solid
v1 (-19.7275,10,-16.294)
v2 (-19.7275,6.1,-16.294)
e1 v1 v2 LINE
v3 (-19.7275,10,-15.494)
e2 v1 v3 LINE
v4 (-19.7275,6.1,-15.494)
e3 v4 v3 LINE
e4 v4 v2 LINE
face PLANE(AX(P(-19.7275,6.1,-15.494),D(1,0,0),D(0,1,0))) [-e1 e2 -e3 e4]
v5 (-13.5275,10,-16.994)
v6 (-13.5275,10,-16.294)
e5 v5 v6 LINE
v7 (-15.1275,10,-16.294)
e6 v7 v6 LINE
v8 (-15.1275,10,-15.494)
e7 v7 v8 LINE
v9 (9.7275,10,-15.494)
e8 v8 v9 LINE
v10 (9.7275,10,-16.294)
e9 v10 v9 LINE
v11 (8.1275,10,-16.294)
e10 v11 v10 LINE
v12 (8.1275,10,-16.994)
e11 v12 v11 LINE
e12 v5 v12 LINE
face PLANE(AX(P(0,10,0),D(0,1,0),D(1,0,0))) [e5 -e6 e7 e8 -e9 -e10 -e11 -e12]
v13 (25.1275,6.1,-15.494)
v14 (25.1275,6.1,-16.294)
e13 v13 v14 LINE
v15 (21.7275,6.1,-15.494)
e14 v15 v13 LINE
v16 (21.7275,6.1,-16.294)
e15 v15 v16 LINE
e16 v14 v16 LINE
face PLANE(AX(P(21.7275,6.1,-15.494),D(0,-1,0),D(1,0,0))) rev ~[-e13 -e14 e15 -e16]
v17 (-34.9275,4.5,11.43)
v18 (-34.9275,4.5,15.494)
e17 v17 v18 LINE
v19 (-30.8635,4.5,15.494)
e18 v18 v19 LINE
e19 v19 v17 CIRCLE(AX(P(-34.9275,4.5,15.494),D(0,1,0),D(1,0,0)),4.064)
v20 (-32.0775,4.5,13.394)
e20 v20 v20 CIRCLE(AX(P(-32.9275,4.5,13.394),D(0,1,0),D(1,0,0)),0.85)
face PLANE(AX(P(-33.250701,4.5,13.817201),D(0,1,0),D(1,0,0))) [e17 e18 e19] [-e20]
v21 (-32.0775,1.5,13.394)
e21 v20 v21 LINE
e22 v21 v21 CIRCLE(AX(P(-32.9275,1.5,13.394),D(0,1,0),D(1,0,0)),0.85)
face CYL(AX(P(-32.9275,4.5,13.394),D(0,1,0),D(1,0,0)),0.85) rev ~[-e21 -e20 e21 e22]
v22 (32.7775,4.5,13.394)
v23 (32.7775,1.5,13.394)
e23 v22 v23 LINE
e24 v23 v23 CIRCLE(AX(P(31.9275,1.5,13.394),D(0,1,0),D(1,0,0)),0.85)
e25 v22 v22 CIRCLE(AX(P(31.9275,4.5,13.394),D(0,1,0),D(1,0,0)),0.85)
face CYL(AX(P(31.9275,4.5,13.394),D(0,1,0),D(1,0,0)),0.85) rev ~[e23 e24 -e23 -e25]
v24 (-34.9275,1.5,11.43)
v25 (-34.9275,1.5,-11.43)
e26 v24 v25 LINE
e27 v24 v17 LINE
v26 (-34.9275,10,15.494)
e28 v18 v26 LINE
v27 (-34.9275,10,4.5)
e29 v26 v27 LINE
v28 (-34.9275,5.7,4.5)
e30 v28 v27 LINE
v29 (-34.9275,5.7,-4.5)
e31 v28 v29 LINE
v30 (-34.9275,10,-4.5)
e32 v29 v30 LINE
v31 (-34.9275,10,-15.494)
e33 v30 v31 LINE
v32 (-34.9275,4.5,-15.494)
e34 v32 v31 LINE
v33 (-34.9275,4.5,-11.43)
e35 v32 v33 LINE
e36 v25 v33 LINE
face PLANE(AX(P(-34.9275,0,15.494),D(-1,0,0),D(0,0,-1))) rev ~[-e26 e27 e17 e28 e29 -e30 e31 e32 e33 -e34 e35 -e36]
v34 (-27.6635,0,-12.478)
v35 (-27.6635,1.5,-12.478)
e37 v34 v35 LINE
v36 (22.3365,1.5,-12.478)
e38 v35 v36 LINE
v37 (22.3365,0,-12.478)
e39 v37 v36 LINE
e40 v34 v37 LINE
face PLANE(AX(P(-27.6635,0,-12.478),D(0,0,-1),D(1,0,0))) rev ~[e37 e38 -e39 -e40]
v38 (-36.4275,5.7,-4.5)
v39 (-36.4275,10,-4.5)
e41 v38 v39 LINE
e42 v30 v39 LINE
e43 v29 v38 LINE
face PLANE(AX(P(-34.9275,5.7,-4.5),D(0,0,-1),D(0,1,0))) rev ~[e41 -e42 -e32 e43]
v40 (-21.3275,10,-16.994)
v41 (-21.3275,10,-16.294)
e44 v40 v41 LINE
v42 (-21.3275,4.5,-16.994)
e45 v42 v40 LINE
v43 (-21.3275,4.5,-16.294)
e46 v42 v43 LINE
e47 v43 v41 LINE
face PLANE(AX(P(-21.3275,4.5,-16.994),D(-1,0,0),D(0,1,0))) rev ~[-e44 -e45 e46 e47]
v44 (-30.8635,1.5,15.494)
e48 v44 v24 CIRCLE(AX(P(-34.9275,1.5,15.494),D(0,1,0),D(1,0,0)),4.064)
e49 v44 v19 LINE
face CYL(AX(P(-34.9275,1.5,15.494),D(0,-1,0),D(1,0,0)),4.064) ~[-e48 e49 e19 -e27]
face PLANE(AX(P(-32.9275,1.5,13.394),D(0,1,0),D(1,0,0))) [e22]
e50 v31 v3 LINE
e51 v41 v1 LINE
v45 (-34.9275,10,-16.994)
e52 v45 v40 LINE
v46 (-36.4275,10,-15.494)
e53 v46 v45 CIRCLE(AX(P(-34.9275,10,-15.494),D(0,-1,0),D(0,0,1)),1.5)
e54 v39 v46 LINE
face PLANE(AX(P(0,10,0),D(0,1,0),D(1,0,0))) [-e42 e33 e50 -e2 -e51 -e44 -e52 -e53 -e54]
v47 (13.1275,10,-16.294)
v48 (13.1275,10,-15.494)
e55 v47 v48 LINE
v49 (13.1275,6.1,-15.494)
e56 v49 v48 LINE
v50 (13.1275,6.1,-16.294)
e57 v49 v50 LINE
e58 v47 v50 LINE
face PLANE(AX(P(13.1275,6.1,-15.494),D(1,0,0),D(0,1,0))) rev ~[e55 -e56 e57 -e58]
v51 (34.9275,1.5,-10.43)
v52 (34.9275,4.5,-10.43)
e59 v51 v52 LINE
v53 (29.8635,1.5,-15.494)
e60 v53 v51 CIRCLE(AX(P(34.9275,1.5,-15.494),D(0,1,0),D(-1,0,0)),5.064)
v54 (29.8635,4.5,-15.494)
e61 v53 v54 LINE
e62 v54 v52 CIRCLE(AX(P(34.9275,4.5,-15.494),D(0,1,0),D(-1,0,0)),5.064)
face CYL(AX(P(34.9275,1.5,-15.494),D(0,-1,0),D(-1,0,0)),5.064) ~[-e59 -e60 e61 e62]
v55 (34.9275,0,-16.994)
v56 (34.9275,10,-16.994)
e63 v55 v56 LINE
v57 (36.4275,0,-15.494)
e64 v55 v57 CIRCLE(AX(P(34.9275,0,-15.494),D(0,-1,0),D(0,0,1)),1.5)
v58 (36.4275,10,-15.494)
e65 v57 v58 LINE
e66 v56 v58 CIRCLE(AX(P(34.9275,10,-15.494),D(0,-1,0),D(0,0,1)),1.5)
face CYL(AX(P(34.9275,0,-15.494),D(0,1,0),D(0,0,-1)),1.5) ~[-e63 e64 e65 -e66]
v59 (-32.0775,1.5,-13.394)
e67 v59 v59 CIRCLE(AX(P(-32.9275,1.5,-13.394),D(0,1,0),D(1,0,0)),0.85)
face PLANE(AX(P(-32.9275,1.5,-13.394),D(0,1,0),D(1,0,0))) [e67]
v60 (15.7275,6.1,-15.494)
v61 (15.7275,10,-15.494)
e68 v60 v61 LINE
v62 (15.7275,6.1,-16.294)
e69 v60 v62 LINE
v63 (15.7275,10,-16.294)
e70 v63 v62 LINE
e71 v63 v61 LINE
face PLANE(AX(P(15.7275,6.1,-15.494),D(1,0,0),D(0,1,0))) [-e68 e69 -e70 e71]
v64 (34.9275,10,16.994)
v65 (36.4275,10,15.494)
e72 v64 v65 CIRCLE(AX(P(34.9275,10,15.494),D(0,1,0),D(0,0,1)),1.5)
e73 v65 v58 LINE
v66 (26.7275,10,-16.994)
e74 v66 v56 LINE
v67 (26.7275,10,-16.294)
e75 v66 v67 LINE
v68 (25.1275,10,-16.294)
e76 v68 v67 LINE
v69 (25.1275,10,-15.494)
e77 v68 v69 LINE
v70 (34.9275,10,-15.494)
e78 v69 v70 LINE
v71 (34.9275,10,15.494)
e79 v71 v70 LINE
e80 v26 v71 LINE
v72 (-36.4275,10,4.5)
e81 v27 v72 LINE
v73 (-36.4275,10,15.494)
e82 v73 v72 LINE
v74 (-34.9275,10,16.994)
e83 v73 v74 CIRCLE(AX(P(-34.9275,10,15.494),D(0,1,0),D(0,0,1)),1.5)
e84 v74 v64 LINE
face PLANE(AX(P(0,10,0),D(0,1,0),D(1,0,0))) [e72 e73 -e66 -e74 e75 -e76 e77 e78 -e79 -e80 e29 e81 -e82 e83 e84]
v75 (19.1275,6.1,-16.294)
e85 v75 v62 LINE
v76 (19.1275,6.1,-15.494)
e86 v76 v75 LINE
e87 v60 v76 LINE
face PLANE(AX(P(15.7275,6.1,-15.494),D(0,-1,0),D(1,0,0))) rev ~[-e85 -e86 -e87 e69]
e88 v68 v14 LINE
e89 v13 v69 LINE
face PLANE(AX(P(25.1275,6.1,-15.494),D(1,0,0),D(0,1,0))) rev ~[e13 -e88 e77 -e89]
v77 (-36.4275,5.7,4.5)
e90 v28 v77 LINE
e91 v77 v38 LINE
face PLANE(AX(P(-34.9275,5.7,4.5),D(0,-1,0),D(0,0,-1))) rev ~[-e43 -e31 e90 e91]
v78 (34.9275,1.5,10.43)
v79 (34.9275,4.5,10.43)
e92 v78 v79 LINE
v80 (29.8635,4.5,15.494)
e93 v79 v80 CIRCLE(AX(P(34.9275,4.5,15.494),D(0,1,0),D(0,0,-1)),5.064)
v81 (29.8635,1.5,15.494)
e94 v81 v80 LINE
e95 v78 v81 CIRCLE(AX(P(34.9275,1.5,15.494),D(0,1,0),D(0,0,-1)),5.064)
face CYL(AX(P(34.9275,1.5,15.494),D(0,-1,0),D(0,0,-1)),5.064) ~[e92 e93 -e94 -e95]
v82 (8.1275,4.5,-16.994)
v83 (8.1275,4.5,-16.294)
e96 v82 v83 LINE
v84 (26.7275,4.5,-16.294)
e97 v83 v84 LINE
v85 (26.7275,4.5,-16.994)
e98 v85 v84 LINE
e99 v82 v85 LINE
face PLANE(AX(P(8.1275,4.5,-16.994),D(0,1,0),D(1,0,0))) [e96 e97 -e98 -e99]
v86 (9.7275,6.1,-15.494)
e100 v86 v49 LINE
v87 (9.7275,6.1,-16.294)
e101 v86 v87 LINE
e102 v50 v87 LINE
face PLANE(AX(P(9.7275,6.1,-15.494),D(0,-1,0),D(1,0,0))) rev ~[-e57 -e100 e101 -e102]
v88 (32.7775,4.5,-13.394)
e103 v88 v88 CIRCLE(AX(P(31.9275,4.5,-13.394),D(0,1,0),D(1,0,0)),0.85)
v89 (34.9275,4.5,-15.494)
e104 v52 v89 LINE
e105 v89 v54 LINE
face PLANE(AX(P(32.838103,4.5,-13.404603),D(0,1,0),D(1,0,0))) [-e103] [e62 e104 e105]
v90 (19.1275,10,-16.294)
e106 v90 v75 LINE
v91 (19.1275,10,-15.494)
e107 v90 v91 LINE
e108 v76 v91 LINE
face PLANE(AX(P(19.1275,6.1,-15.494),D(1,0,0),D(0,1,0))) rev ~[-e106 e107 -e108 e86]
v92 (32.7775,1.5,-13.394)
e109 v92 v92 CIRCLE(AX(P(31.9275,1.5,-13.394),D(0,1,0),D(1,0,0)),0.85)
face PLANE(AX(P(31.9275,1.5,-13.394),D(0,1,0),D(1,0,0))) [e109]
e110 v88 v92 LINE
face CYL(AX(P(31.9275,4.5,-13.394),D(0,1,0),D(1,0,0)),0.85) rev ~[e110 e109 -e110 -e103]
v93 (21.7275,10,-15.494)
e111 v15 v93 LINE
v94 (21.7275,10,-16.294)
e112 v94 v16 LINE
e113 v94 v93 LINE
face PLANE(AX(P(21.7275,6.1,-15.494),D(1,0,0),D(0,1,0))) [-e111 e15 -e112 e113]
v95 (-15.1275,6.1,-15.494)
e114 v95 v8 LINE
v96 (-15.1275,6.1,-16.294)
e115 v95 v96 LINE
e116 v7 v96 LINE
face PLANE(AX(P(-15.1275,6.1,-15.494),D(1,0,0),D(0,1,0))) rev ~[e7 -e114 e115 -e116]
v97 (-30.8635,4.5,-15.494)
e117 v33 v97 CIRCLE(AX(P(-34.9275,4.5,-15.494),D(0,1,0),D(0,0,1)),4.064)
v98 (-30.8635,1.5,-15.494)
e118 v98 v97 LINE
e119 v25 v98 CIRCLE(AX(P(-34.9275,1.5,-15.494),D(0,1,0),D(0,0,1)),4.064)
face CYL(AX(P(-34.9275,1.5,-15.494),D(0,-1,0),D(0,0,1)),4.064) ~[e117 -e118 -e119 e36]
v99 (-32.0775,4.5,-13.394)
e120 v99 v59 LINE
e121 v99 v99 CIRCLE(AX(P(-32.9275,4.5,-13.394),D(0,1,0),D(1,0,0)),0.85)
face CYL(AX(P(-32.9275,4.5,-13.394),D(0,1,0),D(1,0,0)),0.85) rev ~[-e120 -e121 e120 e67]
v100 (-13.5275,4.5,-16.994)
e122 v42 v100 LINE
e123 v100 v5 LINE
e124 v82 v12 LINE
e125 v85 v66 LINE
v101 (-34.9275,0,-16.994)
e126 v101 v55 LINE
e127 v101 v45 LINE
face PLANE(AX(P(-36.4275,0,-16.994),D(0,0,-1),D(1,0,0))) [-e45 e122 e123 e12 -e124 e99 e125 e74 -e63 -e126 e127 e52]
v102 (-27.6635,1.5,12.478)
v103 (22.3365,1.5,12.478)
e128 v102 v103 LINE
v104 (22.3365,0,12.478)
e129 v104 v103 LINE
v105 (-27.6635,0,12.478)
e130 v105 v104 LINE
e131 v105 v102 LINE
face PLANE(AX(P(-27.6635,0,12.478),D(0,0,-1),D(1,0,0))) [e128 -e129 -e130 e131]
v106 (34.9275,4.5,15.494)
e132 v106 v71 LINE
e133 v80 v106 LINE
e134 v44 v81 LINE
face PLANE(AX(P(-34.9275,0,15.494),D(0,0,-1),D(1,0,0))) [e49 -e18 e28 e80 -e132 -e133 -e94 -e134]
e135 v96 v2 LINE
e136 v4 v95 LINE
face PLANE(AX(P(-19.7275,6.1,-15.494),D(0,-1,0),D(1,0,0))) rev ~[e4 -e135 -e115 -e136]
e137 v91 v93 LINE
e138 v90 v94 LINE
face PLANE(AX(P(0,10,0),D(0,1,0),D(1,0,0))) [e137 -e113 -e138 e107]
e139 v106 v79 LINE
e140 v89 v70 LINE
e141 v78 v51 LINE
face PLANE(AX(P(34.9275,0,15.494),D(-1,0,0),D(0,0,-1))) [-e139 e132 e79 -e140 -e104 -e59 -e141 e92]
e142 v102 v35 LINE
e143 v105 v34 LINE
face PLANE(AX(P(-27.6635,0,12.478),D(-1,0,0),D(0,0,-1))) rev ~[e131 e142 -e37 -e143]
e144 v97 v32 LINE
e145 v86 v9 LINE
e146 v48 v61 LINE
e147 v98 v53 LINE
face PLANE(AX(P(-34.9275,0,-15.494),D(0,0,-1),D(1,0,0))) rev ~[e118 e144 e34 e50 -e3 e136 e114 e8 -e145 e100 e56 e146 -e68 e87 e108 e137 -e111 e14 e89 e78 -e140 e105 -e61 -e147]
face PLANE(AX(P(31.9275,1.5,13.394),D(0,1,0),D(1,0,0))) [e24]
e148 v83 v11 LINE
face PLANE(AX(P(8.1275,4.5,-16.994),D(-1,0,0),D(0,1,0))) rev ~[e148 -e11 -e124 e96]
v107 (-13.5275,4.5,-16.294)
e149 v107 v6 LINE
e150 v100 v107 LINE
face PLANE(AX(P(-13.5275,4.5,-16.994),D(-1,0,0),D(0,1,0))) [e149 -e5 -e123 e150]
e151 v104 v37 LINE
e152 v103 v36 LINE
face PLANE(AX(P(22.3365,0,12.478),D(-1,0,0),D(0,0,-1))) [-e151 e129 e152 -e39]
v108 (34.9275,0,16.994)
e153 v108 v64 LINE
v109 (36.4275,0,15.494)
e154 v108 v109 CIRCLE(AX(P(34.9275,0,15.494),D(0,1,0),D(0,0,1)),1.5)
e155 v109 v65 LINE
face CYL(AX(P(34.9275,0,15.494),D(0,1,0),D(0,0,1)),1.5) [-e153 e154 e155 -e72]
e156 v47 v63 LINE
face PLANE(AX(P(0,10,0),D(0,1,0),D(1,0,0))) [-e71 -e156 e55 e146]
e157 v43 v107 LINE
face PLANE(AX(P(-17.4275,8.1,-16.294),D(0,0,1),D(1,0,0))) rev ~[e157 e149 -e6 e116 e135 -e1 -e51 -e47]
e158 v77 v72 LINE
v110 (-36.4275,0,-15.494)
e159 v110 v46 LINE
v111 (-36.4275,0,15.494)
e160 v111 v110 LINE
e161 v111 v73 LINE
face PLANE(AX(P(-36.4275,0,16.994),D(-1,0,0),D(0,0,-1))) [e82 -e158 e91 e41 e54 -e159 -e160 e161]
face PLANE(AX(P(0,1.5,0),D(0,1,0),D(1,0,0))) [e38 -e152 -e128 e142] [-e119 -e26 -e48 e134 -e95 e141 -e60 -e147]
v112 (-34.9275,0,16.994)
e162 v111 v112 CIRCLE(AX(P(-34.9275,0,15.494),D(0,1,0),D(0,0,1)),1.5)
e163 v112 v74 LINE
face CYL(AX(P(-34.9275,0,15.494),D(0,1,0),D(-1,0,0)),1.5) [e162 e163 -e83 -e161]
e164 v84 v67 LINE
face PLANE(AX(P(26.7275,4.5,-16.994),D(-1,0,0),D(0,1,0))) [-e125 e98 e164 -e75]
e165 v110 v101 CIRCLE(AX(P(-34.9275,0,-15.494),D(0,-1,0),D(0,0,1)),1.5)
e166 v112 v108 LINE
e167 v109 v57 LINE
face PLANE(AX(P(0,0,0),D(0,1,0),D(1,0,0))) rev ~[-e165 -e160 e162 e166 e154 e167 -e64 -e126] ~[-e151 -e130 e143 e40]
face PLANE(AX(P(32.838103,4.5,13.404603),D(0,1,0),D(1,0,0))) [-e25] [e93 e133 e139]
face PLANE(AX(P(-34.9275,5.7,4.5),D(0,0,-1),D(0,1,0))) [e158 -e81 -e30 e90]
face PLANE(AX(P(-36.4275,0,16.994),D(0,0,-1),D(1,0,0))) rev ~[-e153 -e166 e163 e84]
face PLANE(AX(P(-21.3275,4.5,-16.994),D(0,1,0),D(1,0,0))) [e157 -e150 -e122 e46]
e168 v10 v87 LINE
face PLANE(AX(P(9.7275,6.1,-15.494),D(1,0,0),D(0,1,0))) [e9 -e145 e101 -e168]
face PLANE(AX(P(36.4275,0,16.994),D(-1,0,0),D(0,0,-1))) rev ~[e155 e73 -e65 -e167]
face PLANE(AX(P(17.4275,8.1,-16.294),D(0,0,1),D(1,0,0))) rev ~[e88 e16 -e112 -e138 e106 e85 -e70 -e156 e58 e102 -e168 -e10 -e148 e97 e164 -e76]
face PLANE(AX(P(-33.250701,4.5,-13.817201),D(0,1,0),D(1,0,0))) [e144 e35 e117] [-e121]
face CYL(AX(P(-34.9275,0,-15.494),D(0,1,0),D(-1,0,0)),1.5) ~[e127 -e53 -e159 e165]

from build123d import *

# Parameters (mm, degrees)
SKETCH_1_W          = 69.855
SKETCH_1_H          = 30.988
EXTRUDE_1_DEPTH     = 1.5
CUT_EXTRUDE_2_REACH = 3.5
SKETCH_1_6_W        = 50
SKETCH_1_6_H        = 24.956
SKETCH_1_7_W        = 72.855
SKETCH_1_7_H        = 33.988
SKETCH_1_7_W_2      = 69.855
SKETCH_1_7_H_2      = 30.988
EXTRUDE_1_2_DEPTH   = 10
FILLET_1_R          = 1.5
EXTRUDE_2_DEPTH     = 3
CUT_EXTRUDE_3_REACH = 3.5
SKETCH_4_W          = 9
SKETCH_4_H          = 4.3
CUT_EXTRUDE_4_REACH = 3.5
SKETCH_5_W          = 3.4
SKETCH_5_H          = 4
SKETCH_5_W_2        = 4.6
CUT_EXTRUDE_START   = -1.5
SKETCH_5_6_W        = 7.8
SKETCH_5_6_H        = 7.2
SKETCH_5_6_W_2      = 18.6
CUT_EXTRUDE_6_DEPTH = 0.7
SKETCH_3_R          = 0.85
CUT_EXTRUDE_7_DEPTH = 3


with BuildPart() as part:
    # 草图1 → Extrude 1 (new body)
    with BuildSketch(Plane(origin=(0, 0, 0), x_dir=(1, 0, 0), z_dir=(0, 1, 0))):
        Rectangle(SKETCH_1_W, SKETCH_1_H)
    extrude(amount=EXTRUDE_1_DEPTH)

    # 草图1<6> → 切除-拉伸2 (cut, up to next)
    with BuildSketch(Plane(origin=(0, 0, 0), x_dir=(1, 0, 0), z_dir=(0, 1, 0)), mode=Mode.PRIVATE) as cut_extrude_2_sk1:
        with Locations((-2.6635, 0)):
            Rectangle(SKETCH_1_6_W, SKETCH_1_6_H)
    cut_extrude_2_tool1 = extrude(cut_extrude_2_sk1.sketch, amount=CUT_EXTRUDE_2_REACH, mode=Mode.PRIVATE) & part.part
    add(cut_extrude_2_tool1.solids().sort_by_distance((-2.6635, 0, 0))[0], mode=Mode.SUBTRACT)



with BuildPart() as body_2:
    # 草图1<7> → Extrude 1 2 (new body)
    with BuildSketch(Plane(origin=(0, 0, 0), x_dir=(1, 0, 0), z_dir=(0, 1, 0))):
        Rectangle(SKETCH_1_7_W, SKETCH_1_7_H)
        Rectangle(SKETCH_1_7_W_2, SKETCH_1_7_H_2, mode=Mode.SUBTRACT)
    extrude(amount=EXTRUDE_1_2_DEPTH)

    # 圆角1
    fillet_1_edges = [body_2.edges().sort_by_distance(p)[0] for p in [
        (-36.4275, 5, -16.994),
        (-36.4275, 5, 16.994),
        (36.4275, 5, 16.994),
        (36.4275, 5, -16.994),
    ]]
    fillet(fillet_1_edges, radius=FILLET_1_R)


with BuildPart() as part_1:
    add(part.part)

    add(body_2.part)  # 凸台-拉伸2 merges body 2
    # 草图2 → 凸台-拉伸2 (add)
    with BuildSketch(Plane(origin=(0, 1.5, 0), x_dir=(1, 0, 0), z_dir=(0, 1, 0))):
        with BuildLine():
            ThreePointArc((-30.8635, -15.494), (-32.053818041, -12.620318041), (-34.9275, -11.43))
            Line((-34.9275, -11.43), (-34.9275, -15.494))
            Line((-34.9275, -15.494), (-30.8635, -15.494))
        make_face()
        with BuildLine():
            ThreePointArc((-34.9275, 11.43), (-32.053818041, 12.620318041), (-30.8635, 15.494))
            Line((-30.8635, 15.494), (-34.9275, 15.494))
            Line((-34.9275, 15.494), (-34.9275, 11.43))
        make_face()
        with BuildLine():
            Line((34.9275, 15.494), (29.8635, 15.494))
            ThreePointArc((29.8635, 15.494), (31.34671126, 11.91321126), (34.9275, 10.43))
            Line((34.9275, 10.43), (34.9275, 15.494))
        make_face()
        with BuildLine():
            Line((34.9275, -15.494), (34.9275, -10.43))
            ThreePointArc((34.9275, -10.43), (31.34671126, -11.91321126), (29.8635, -15.494))
            Line((29.8635, -15.494), (34.9275, -15.494))
        make_face()
    extrude(amount=EXTRUDE_2_DEPTH)

    # 草图4 → 切除-拉伸3 (cut, up to next)
    with BuildSketch(Plane(origin=(-34.9275, 0, 0), x_dir=(0, 0, -1), z_dir=(1, 0, 0)), mode=Mode.PRIVATE) as cut_extrude_3_sk1:
        with Locations((0, 7.85)):
            Rectangle(SKETCH_4_W, SKETCH_4_H)
    cut_extrude_3_tool1 = extrude(cut_extrude_3_sk1.sketch, amount=-CUT_EXTRUDE_3_REACH, mode=Mode.PRIVATE) & part_1.part
    add(cut_extrude_3_tool1.solids().sort_by_distance((-34.9275, 7.85, 0))[0], mode=Mode.SUBTRACT)

    # 草图5 → 切除-拉伸4 (cut, up to next)
    with BuildSketch(Plane.XY.offset(-15.494), mode=Mode.PRIVATE) as cut_extrude_4_sk1:
        with Locations((11.4275, 8.1)):
            Rectangle(SKETCH_5_W, SKETCH_5_H)
    cut_extrude_4_tool1 = extrude(cut_extrude_4_sk1.sketch, amount=-CUT_EXTRUDE_4_REACH, mode=Mode.PRIVATE) & part_1.part
    add(cut_extrude_4_tool1.solids().sort_by_distance((11.4275, 8.1, -15.494))[0], mode=Mode.SUBTRACT)
    # 草图5 → 切除-拉伸4 (cut, up to next)
    with BuildSketch(Plane.XY.offset(-15.494), mode=Mode.PRIVATE) as cut_extrude_4_sk2:
        with Locations((17.4275, 8.1)):
            Rectangle(SKETCH_5_W, SKETCH_5_H)
    cut_extrude_4_tool2 = extrude(cut_extrude_4_sk2.sketch, amount=-CUT_EXTRUDE_4_REACH, mode=Mode.PRIVATE) & part_1.part
    add(cut_extrude_4_tool2.solids().sort_by_distance((17.4275, 8.1, -15.494))[0], mode=Mode.SUBTRACT)
    # 草图5 → 切除-拉伸4 (cut, up to next)
    with BuildSketch(Plane.XY.offset(-15.494), mode=Mode.PRIVATE) as cut_extrude_4_sk3:
        with Locations((23.4275, 8.1)):
            Rectangle(SKETCH_5_W, SKETCH_5_H)
    cut_extrude_4_tool3 = extrude(cut_extrude_4_sk3.sketch, amount=-CUT_EXTRUDE_4_REACH, mode=Mode.PRIVATE) & part_1.part
    add(cut_extrude_4_tool3.solids().sort_by_distance((23.4275, 8.1, -15.494))[0], mode=Mode.SUBTRACT)
    # 草图5 → 切除-拉伸4 (cut, up to next)
    with BuildSketch(Plane.XY.offset(-15.494), mode=Mode.PRIVATE) as cut_extrude_4_sk4:
        with Locations((-17.4275, 8.1)):
            Rectangle(SKETCH_5_W_2, SKETCH_5_H)
    cut_extrude_4_tool4 = extrude(cut_extrude_4_sk4.sketch, amount=-CUT_EXTRUDE_4_REACH, mode=Mode.PRIVATE) & part_1.part
    add(cut_extrude_4_tool4.solids().sort_by_distance((-17.4275, 8.1, -15.494))[0], mode=Mode.SUBTRACT)

    # 草图5<6> → 切除-拉伸6 (cut)
    with BuildSketch(Plane.XY.offset(-15.494).offset(CUT_EXTRUDE_START)):
        with Locations((-17.4275, 8.1)):
            Rectangle(SKETCH_5_6_W, SKETCH_5_6_H)
        with Locations((17.4275, 8.1)):
            Rectangle(SKETCH_5_6_W_2, SKETCH_5_6_H)
    extrude(amount=CUT_EXTRUDE_6_DEPTH, mode=Mode.SUBTRACT)

    # 草图3 → 切除-拉伸7 (cut)
    with BuildSketch(Plane(origin=(0, 4.5, 0), x_dir=(1, 0, 0), z_dir=(0, 1, 0))):
        with Locations((-32.9275, -13.394)):
            Circle(SKETCH_3_R)
        with Locations((-32.9275, 13.394)):
            Circle(SKETCH_3_R)
        with Locations((31.9275, -13.394)):
            Circle(SKETCH_3_R)
        with Locations((31.9275, 13.394)):
            Circle(SKETCH_3_R)
    extrude(amount=-CUT_EXTRUDE_7_DEPTH, mode=Mode.SUBTRACT)


solid = part_1.part
